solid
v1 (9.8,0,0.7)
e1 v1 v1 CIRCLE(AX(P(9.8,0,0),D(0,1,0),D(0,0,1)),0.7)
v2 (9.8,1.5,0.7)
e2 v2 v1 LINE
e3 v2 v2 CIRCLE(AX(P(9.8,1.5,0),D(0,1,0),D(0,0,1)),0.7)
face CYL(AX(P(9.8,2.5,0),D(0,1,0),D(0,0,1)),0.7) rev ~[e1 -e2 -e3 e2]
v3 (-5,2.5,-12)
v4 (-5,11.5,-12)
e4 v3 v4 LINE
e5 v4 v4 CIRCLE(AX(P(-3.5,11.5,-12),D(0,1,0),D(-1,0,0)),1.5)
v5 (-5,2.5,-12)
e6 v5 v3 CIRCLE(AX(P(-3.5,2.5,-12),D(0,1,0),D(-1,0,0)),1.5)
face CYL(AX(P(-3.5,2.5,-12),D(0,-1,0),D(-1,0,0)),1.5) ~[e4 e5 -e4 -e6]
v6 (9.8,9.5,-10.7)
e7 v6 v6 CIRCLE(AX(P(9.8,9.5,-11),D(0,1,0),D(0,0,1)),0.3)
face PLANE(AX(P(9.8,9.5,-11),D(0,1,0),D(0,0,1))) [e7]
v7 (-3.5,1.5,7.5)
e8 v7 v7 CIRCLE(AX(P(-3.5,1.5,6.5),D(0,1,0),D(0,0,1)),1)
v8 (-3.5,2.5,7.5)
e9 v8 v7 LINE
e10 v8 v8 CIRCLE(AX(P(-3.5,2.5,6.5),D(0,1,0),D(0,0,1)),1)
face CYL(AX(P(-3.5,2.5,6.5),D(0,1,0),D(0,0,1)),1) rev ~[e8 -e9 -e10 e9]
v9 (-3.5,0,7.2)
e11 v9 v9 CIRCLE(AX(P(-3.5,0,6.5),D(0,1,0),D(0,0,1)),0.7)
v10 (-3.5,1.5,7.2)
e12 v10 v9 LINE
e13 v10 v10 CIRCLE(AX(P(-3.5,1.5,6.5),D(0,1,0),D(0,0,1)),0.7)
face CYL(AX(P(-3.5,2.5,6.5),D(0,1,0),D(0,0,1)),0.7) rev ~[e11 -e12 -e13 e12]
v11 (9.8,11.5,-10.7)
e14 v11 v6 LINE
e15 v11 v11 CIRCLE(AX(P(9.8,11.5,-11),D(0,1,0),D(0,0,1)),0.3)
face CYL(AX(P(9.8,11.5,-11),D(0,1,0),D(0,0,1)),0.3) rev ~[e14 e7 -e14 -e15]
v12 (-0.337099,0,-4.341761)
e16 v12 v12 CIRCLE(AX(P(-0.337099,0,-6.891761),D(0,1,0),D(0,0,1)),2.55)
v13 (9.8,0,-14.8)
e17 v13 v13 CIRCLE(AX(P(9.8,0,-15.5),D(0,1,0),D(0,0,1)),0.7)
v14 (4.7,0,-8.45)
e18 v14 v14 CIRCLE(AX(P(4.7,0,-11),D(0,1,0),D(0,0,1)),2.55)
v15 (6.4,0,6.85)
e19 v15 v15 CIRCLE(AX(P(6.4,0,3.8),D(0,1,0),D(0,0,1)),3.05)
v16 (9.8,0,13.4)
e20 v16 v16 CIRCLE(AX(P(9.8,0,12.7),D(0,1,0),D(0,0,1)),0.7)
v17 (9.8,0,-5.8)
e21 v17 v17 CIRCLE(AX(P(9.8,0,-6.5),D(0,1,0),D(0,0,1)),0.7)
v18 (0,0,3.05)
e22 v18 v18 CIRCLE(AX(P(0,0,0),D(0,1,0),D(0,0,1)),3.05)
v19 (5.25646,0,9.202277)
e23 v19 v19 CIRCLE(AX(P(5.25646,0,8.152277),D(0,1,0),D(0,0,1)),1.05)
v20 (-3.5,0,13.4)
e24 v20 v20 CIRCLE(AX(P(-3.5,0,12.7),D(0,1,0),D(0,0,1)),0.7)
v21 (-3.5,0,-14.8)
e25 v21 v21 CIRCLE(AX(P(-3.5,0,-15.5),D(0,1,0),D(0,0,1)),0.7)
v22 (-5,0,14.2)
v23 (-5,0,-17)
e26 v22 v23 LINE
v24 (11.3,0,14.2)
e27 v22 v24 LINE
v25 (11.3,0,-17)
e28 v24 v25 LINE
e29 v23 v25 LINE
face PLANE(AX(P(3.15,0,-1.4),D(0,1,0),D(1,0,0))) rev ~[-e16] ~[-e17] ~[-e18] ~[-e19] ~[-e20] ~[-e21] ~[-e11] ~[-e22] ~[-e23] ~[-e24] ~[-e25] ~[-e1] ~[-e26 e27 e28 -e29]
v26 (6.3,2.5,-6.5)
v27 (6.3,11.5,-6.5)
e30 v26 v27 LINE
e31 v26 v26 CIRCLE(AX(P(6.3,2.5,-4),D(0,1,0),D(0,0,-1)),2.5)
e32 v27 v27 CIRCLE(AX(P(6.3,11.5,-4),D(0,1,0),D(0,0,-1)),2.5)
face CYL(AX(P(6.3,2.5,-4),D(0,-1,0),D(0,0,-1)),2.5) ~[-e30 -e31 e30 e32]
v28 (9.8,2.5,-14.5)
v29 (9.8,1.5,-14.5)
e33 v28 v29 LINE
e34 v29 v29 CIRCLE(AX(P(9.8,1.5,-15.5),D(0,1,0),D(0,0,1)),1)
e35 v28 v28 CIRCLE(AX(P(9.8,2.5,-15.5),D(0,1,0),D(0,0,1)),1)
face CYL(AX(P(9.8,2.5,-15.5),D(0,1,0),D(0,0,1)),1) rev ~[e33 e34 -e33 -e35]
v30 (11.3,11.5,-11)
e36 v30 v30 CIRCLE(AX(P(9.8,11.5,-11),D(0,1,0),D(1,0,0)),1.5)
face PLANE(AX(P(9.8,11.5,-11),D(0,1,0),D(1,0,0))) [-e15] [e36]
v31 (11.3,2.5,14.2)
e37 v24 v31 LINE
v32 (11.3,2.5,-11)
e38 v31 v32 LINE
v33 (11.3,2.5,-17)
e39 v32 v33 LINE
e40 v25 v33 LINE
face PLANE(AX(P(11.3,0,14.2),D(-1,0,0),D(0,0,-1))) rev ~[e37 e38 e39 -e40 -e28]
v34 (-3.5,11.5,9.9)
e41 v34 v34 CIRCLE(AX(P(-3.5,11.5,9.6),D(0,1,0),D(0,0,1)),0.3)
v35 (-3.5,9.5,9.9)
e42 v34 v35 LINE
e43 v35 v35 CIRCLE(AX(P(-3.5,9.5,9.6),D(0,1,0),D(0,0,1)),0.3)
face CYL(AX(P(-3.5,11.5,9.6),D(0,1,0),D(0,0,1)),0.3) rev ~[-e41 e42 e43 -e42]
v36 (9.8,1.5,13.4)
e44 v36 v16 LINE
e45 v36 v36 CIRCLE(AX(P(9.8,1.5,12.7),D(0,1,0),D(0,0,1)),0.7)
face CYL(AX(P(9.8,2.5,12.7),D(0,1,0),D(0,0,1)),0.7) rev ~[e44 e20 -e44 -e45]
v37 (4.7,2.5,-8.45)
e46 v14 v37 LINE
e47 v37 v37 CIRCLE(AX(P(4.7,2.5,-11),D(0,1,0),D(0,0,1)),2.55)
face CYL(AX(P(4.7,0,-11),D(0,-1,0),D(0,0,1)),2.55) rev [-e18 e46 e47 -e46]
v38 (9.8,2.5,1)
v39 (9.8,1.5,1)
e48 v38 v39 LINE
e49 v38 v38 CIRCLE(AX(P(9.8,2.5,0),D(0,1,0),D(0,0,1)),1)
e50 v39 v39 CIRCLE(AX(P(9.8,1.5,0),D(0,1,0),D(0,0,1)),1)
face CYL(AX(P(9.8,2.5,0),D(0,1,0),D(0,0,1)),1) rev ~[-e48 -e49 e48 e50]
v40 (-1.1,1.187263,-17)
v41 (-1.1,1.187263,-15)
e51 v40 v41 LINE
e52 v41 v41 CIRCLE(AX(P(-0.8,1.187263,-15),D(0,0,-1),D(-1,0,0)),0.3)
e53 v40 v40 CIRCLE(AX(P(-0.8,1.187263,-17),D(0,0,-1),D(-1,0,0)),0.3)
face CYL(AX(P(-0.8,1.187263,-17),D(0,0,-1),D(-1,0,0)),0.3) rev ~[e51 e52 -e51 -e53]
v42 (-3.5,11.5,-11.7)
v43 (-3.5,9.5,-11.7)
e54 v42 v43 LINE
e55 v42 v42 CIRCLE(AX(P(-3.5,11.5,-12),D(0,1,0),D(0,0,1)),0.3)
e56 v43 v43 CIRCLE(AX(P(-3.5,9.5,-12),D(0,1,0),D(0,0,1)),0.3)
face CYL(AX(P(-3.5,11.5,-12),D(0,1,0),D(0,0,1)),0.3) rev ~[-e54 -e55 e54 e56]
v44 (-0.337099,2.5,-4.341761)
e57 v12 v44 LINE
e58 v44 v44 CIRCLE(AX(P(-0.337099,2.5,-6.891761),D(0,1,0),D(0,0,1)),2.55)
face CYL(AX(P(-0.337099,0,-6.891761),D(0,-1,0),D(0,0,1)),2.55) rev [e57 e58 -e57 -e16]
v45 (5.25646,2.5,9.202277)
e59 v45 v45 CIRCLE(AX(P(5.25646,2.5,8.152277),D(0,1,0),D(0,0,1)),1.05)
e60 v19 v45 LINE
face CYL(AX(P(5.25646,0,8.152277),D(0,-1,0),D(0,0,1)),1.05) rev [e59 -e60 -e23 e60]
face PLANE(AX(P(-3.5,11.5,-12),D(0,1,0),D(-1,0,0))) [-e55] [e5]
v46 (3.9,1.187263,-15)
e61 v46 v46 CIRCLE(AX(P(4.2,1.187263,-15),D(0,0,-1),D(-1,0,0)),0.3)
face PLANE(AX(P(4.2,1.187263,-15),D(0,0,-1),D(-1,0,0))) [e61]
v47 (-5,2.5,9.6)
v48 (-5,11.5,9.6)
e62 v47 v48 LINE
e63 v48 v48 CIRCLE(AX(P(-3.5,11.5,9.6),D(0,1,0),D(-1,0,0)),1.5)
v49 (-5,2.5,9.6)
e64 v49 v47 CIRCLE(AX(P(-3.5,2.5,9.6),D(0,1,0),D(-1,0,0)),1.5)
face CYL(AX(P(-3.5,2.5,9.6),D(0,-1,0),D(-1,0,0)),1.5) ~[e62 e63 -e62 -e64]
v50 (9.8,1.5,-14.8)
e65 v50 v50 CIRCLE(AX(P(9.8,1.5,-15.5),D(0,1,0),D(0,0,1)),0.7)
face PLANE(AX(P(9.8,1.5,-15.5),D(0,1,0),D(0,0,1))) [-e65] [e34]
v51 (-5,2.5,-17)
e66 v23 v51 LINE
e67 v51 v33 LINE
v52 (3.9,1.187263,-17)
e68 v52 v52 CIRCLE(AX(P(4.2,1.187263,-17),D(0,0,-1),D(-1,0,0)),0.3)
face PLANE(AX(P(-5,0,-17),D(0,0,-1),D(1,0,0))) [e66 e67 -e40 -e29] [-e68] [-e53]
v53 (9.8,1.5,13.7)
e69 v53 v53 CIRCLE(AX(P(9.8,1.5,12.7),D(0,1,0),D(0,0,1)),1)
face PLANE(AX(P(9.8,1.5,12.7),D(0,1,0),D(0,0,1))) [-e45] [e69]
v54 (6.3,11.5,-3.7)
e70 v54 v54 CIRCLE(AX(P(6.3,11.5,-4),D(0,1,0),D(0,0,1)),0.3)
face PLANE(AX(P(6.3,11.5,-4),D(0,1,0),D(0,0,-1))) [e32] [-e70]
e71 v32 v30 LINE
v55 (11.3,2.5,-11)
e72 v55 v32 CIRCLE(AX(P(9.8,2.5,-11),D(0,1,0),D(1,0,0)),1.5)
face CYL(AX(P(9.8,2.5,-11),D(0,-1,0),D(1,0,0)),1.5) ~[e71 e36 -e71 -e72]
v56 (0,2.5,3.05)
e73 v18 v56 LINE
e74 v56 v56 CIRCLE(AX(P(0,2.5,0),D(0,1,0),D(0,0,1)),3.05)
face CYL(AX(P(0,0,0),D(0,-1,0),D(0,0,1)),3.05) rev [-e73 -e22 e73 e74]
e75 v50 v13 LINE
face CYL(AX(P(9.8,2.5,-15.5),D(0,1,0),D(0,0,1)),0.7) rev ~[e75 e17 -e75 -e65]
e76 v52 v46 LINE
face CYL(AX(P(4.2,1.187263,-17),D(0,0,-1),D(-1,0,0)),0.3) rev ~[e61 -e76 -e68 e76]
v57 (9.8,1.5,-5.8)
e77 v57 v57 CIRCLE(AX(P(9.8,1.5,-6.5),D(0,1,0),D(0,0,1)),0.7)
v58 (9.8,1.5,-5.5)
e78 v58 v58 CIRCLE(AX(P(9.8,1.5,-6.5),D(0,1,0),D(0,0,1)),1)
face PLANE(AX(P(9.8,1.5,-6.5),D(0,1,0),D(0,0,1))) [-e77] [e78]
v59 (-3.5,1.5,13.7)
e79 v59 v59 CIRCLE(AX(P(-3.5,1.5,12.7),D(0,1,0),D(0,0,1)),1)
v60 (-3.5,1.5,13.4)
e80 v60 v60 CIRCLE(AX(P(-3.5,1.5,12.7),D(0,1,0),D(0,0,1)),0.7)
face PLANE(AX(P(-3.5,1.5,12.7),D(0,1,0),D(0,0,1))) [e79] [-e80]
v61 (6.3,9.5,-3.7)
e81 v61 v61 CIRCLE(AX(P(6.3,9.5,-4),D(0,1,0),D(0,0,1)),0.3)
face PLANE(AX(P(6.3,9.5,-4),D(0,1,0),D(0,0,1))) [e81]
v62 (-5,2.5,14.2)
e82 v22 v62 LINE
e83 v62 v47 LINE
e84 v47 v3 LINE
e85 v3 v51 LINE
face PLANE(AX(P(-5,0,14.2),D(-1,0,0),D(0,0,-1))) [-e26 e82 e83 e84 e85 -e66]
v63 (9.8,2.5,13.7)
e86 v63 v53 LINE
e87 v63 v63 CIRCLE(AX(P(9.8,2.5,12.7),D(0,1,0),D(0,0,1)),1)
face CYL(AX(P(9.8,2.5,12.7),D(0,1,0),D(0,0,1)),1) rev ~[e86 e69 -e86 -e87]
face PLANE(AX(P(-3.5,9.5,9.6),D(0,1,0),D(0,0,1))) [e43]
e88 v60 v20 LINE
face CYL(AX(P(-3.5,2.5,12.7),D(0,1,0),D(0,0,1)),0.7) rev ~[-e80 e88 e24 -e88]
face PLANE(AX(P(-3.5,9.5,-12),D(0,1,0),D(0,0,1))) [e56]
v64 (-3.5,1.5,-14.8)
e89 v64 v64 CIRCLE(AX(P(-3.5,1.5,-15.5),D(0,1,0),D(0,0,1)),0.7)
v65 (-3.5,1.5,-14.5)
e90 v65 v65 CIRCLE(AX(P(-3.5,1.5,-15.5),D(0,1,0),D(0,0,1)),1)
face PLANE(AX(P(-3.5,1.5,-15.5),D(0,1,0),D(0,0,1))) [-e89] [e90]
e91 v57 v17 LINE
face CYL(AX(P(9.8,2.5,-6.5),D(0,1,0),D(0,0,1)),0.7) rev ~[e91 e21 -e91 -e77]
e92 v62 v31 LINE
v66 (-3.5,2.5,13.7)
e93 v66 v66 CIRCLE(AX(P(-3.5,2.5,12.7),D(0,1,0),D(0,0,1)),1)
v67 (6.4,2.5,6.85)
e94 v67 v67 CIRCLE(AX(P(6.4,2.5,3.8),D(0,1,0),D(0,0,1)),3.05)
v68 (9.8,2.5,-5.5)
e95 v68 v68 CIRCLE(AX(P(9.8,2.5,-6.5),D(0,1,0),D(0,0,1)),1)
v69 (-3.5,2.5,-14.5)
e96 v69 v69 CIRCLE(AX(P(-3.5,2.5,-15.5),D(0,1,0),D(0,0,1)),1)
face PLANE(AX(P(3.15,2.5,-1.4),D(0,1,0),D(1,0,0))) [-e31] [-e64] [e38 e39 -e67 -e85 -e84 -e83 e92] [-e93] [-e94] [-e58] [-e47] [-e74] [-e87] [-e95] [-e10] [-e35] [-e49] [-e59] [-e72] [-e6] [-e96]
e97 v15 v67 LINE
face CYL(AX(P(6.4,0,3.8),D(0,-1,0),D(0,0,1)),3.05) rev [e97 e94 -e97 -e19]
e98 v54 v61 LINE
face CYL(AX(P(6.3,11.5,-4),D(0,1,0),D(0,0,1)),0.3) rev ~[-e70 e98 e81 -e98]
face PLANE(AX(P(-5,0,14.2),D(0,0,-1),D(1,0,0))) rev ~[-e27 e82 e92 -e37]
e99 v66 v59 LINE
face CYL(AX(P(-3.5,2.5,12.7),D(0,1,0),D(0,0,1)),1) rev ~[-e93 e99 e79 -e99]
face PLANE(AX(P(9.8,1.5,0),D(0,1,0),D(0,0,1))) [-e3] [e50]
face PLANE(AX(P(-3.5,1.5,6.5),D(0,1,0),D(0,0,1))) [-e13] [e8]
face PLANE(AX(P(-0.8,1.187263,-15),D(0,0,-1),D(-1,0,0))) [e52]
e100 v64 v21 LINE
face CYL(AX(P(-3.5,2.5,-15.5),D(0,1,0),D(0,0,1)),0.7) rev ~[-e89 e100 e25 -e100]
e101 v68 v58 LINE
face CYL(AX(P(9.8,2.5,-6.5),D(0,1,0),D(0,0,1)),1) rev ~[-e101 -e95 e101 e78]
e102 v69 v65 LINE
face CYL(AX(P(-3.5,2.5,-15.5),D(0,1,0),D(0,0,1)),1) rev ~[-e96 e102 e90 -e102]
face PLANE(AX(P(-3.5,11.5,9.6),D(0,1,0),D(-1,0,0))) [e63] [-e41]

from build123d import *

# Parameters (mm, degrees)
SKETCH_1_W          = 16.3
SKETCH_1_H          = 31.2
SKETCH_1_R          = 3.05
SKETCH_1_R_2        = 1.05
SKETCH_1_R_3        = 2.55
EXTRUDE_1_DEPTH     = 2.5
SKETCH_2_R          = 1
CUT_EXTRUDE_1_DEPTH = 1
SKETCH_2_3_R        = 0.7
CUT_EXTRUDE_2_DEPTH = 21.5655051
SKETCH_3_R          = 1.5
SKETCH_3_R_2        = 2.5
EXTRUDE_2_DEPTH     = 9
CUT_EXTRUDE_START   = 9
SKETCH_3_3_R        = 0.3
CUT_EXTRUDE_3_DEPTH = 2
SKETCH_4_R          = 0.3
CUT_EXTRUDE_4_DEPTH = 2


with BuildPart() as part:
    # 草图1 → 凸台-拉伸1 (new body)
    with BuildSketch(Plane(origin=(0, 0, 0), x_dir=(1, 0, 0), z_dir=(0, 1, 0))):
        with Locations((3.15, 1.4)):
            Rectangle(SKETCH_1_W, SKETCH_1_H)
        with Locations(Location((0, 0, 0), (0, 0, 270))):
            Circle(SKETCH_1_R, mode=Mode.SUBTRACT)
        with Locations(Location((5.25646039, -8.152277238, 0), (0, 0, 270))):
            Circle(SKETCH_1_R_2, mode=Mode.SUBTRACT)
        with Locations(Location((6.4, -3.8, 0), (0, 0, 270))):
            Circle(SKETCH_1_R, mode=Mode.SUBTRACT)
        with Locations(Location((-0.337099263, 6.891760594, 0), (0, 0, 270))):
            Circle(SKETCH_1_R_3, mode=Mode.SUBTRACT)
        with Locations(Location((4.7, 11, 0), (0, 0, 270))):
            Circle(SKETCH_1_R_3, mode=Mode.SUBTRACT)
    extrude(amount=EXTRUDE_1_DEPTH)

    # 草图2 → 切除-拉伸1 (cut)
    with BuildSketch(Plane(origin=(0, 2.5, 0), x_dir=(1, 0, 0), z_dir=(0, 1, 0))):
        with Locations(Location((-3.5, 15.5, 0), (0, 0, 270))):
            Circle(SKETCH_2_R)
        with Locations(Location((-3.5, -12.7, 0), (0, 0, 270))):
            Circle(SKETCH_2_R)
        with Locations(Location((9.8, -12.7, 0), (0, 0, 270))):
            Circle(SKETCH_2_R)
        with Locations(Location((9.8, 15.5, 0), (0, 0, 270))):
            Circle(SKETCH_2_R)
        with Locations(Location((-3.5, -6.5, 0), (0, 0, 270))):
            Circle(SKETCH_2_R)
        with Locations(Location((9.8, 0, 0), (0, 0, 270))):
            Circle(SKETCH_2_R)
        with Locations(Location((9.8, 6.5, 0), (0, 0, 270))):
            Circle(SKETCH_2_R)
    extrude(amount=-CUT_EXTRUDE_1_DEPTH, mode=Mode.SUBTRACT)

    # 草图2<3> → 切除-拉伸2 (cut, through all)
    with BuildSketch(Plane(origin=(0, 2.5, 0), x_dir=(1, 0, 0), z_dir=(0, 1, 0))):
        with Locations(Location((9.8, 15.5, 0), (0, 0, 270))):
            Circle(SKETCH_2_3_R)
        with Locations(Location((9.8, -12.7, 0), (0, 0, 270))):
            Circle(SKETCH_2_3_R)
        with Locations(Location((-3.5, -12.7, 0), (0, 0, 270))):
            Circle(SKETCH_2_3_R)
        with Locations(Location((-3.5, 15.5, 0), (0, 0, 270))):
            Circle(SKETCH_2_3_R)
        with Locations(Location((-3.5, -6.5, 0), (0, 0, 270))):
            Circle(SKETCH_2_3_R)
        with Locations(Location((9.8, 0, 0), (0, 0, 270))):
            Circle(SKETCH_2_3_R)
        with Locations(Location((9.8, 6.5, 0), (0, 0, 270))):
            Circle(SKETCH_2_3_R)
    extrude(amount=-CUT_EXTRUDE_2_DEPTH, mode=Mode.SUBTRACT)

    # 草图3 → 凸台-拉伸2 (add)
    with BuildSketch(Plane(origin=(0, 2.5, 0), x_dir=(1, 0, 0), z_dir=(0, 1, 0))):
        with Locations(Location((-3.5, -9.6, 0), (0, 0, 180))):
            Circle(SKETCH_3_R)
        with Locations(Location((-3.5, 12, 0), (0, 0, 180))):
            Circle(SKETCH_3_R)
        with Locations(Location((6.3, 4, 0), (0, 0, 90))):
            Circle(SKETCH_3_R_2)
        with Locations((9.8, 11)):
            Circle(SKETCH_3_R)
    extrude(amount=EXTRUDE_2_DEPTH)

    # 草图3<3> → 切除-拉伸3 (cut)
    with BuildSketch(Plane(origin=(0, 2.5, 0), x_dir=(1, 0, 0), z_dir=(0, 1, 0)).offset(CUT_EXTRUDE_START)):
        with Locations(Location((-3.5, -9.6, 0), (0, 0, 270))):
            Circle(SKETCH_3_3_R)
        with Locations(Location((-3.5, 12, 0), (0, 0, 270))):
            Circle(SKETCH_3_3_R)
        with Locations(Location((6.3, 4, 0), (0, 0, 270))):
            Circle(SKETCH_3_3_R)
        with Locations(Location((9.8, 11, 0), (0, 0, 270))):
            Circle(SKETCH_3_3_R)
    extrude(amount=-CUT_EXTRUDE_3_DEPTH, mode=Mode.SUBTRACT)

    # 草图4 → 切除-拉伸4 (cut)
    with BuildSketch(Plane(origin=(0, 0, -17), x_dir=(-1, 0, 0), z_dir=(0, 0, -1))):
        with Locations((0.8, 1.187263162)):
            Circle(SKETCH_4_R)
        with Locations((-4.2, 1.187263162)):
            Circle(SKETCH_4_R)
    extrude(amount=-CUT_EXTRUDE_4_DEPTH, mode=Mode.SUBTRACT)


solid = part.part
